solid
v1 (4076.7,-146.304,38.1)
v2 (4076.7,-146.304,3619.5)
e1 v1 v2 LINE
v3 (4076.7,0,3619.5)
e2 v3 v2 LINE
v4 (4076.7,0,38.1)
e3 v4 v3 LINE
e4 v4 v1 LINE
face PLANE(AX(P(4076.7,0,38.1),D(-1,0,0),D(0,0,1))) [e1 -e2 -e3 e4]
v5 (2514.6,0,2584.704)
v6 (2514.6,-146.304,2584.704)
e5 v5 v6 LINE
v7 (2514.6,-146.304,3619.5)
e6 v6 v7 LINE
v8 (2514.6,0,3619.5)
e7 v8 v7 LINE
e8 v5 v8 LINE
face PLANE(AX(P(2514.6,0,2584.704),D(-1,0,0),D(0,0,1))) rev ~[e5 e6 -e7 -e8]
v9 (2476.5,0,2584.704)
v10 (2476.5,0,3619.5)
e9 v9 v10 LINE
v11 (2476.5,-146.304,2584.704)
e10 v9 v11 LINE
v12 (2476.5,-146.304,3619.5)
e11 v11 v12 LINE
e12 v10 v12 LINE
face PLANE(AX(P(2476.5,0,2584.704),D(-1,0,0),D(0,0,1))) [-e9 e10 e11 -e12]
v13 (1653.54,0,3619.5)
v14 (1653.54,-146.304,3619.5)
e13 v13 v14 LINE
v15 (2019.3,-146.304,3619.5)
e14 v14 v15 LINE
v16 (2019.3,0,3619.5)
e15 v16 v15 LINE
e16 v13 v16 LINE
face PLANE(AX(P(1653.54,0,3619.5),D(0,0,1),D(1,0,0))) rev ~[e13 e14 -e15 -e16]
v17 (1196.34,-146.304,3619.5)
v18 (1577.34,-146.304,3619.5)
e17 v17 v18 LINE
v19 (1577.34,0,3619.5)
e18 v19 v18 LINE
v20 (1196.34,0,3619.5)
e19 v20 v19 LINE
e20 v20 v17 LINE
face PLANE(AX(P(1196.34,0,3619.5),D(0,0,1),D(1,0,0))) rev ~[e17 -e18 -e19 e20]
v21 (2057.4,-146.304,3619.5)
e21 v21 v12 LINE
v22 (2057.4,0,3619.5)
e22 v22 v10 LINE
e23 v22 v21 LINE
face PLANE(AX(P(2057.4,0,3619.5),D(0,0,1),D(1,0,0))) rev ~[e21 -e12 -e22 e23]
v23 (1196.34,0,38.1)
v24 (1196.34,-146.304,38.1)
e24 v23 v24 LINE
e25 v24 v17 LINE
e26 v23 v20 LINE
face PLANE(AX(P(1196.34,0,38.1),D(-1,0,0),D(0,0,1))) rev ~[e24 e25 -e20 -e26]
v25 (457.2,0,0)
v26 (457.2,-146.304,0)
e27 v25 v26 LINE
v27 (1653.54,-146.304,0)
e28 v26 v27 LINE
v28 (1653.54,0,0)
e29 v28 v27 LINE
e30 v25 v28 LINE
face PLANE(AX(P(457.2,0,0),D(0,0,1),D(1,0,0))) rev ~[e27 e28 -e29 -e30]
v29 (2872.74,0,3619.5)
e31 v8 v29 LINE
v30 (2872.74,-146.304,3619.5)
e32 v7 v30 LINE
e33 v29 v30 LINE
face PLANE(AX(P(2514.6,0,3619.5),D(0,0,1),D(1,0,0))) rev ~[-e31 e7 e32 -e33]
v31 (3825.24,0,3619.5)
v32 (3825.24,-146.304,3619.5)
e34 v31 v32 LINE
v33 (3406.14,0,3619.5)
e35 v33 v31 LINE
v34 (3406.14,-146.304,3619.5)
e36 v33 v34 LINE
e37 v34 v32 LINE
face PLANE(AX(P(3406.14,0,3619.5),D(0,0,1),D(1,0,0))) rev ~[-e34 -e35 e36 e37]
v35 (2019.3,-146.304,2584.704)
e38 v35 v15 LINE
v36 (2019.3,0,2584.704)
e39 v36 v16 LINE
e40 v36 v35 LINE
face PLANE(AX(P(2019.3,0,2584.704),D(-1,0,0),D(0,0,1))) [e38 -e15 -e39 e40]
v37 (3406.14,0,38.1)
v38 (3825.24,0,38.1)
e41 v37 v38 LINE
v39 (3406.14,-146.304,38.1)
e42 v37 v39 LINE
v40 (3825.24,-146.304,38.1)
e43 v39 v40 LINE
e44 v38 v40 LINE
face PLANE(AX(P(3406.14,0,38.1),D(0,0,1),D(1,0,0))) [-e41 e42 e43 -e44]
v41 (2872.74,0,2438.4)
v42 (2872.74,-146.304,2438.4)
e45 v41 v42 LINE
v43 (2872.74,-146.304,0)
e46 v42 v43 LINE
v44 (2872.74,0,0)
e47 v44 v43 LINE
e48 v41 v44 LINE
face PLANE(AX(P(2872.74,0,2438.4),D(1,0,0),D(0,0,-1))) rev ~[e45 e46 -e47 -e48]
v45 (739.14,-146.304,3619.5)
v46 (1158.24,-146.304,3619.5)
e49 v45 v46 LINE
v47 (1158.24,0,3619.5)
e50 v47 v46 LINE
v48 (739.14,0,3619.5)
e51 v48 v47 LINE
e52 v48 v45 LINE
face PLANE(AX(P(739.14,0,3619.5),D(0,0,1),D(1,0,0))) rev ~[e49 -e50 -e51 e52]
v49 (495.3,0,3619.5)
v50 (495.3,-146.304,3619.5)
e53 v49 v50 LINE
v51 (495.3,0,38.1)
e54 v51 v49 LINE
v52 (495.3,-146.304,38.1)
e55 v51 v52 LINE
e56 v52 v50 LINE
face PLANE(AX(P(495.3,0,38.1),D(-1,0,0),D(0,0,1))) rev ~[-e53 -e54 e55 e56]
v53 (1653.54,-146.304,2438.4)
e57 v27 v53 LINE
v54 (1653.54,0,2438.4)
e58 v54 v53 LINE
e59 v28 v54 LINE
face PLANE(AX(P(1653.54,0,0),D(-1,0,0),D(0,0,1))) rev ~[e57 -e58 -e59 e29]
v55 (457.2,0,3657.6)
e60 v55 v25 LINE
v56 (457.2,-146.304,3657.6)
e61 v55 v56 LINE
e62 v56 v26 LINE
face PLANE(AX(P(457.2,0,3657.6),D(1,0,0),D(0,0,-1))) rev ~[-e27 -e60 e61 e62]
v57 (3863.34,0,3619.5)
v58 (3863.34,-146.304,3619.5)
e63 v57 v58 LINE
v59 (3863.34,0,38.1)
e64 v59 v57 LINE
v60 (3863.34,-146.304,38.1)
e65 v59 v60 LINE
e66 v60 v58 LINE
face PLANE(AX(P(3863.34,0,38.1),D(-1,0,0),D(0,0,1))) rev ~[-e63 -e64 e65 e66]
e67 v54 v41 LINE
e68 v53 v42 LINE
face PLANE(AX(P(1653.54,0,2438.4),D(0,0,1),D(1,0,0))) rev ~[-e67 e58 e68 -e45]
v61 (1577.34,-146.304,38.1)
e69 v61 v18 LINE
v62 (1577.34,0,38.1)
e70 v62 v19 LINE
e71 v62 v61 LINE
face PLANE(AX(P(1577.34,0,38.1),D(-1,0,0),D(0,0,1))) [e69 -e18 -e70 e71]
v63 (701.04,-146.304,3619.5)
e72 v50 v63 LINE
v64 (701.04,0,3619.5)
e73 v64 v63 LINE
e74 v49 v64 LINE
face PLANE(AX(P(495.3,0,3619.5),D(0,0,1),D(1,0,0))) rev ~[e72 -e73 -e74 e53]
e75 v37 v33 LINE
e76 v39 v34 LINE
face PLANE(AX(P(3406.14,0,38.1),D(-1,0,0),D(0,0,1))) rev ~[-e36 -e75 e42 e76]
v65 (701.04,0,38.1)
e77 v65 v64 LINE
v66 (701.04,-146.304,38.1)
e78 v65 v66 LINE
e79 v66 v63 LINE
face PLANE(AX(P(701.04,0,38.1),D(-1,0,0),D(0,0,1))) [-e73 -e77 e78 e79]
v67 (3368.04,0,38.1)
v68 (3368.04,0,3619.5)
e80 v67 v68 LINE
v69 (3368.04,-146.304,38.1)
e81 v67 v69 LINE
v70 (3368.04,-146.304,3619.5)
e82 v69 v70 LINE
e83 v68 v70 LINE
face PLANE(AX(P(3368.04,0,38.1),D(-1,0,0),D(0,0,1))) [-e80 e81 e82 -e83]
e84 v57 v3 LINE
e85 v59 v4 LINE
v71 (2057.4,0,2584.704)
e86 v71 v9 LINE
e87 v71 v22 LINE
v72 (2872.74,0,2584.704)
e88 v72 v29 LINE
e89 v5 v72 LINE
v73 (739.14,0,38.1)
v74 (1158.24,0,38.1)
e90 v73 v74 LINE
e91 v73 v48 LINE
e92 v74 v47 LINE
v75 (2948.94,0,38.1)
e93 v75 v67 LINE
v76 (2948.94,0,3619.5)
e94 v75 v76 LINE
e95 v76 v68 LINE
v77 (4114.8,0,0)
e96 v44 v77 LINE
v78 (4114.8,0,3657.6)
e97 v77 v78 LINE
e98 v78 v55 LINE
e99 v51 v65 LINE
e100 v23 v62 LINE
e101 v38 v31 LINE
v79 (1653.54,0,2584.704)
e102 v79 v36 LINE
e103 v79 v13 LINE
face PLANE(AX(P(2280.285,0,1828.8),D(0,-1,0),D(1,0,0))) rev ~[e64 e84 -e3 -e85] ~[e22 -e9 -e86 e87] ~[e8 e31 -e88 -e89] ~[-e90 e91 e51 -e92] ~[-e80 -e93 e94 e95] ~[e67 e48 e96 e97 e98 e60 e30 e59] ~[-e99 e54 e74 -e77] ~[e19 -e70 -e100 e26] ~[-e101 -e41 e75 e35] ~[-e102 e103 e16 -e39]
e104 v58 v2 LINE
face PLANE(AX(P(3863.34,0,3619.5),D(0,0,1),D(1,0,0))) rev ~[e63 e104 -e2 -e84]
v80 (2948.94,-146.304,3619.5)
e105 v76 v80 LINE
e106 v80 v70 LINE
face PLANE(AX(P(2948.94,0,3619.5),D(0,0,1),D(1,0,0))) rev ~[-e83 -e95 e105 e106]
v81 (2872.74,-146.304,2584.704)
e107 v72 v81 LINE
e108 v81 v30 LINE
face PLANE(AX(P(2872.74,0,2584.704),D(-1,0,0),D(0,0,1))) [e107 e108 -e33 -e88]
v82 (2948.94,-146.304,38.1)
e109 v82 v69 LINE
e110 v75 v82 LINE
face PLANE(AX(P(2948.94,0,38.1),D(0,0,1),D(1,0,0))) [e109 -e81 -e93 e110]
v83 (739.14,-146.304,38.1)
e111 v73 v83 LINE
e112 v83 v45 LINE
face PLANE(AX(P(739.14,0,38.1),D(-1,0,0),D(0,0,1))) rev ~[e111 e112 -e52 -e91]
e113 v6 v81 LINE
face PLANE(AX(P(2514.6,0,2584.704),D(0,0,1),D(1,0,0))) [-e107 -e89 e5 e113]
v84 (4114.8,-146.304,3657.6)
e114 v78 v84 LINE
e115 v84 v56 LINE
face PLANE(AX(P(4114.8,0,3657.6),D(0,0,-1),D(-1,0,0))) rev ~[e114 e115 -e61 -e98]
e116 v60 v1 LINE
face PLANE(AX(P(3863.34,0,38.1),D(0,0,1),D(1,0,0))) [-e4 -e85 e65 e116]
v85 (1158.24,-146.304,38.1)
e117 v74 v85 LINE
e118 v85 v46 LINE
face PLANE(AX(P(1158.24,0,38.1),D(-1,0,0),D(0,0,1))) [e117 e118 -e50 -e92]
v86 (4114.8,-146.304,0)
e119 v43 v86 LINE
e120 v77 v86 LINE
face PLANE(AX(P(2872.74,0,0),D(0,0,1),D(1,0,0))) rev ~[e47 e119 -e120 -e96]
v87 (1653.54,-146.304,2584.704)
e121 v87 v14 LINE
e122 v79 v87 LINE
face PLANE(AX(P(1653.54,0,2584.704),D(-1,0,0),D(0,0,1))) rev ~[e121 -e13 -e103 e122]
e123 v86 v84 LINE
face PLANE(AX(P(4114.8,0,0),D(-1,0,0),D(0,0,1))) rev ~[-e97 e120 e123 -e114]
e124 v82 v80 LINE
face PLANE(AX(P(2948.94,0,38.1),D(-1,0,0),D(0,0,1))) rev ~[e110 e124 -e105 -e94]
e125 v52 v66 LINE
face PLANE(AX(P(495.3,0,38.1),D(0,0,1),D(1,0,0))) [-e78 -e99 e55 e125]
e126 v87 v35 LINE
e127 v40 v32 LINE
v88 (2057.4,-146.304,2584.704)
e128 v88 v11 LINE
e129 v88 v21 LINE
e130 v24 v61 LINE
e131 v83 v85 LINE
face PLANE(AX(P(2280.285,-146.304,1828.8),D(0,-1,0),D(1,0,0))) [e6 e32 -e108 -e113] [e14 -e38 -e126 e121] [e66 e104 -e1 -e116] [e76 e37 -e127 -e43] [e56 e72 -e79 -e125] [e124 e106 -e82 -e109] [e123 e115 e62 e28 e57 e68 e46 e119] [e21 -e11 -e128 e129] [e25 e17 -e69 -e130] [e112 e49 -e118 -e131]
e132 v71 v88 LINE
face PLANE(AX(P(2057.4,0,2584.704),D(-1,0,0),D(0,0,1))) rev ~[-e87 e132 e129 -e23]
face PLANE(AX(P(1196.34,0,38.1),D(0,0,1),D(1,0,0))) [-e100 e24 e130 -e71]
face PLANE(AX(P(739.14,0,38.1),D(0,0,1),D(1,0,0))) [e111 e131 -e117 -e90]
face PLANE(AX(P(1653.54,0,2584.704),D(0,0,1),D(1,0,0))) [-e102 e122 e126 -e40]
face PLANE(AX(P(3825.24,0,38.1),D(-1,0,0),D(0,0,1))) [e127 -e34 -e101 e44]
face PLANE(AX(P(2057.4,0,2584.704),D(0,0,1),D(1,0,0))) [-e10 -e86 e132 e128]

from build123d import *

# Parameters (mm, degrees)
F0_W     = 205.74
F0_H     = 3581.4
F0_W_2   = 419.1
F0_W_3   = 381
F0_W_4   = 365.76
F0_H_2   = 1034.796
F0_W_5   = 213.36
F0_W_6   = 358.14
F1_DEPTH = 146.304


with BuildPart() as f1:
    # F0 (on Front) → F1 (new body)
    with BuildSketch(Plane.XZ):
        Polygon((457.2, 38.1), (457.2, 0), (1653.54, 0), (1653.54, 38.1), (1653.54, 1072.896), (1653.54, 1219.2), (1653.54, 2438.4), (2019.3, 2438.4), (2476.5, 2438.4), (2514.6, 2438.4), (2872.74, 2438.4), (2872.74, 1219.2), (2872.74, 1072.896), (2872.74, 38.1), (2872.74, 0), (4114.8, 0), (4114.8, 38.1), (4114.8, 3619.5), (4114.8, 3657.6), (457.2, 3657.6), (457.2, 3619.5), align=None)
        with Locations((598.17, 1828.8)):
            Rectangle(F0_W, F0_H, mode=Mode.SUBTRACT)
        with Locations((948.69, 1828.8)):
            Rectangle(F0_W_2, F0_H, mode=Mode.SUBTRACT)
        with Locations((1386.84, 1828.8)):
            Rectangle(F0_W_3, F0_H, mode=Mode.SUBTRACT)
        with Locations((1836.42, 3102.102)):
            Rectangle(F0_W_4, F0_H_2, mode=Mode.SUBTRACT)
        with Locations((2266.95, 3102.102)):
            Rectangle(F0_W_2, F0_H_2, mode=Mode.SUBTRACT)
        with Locations((3158.49, 1828.8)):
            Rectangle(F0_W_2, F0_H, mode=Mode.SUBTRACT)
        with Locations((3615.69, 1828.8)):
            Rectangle(F0_W_2, F0_H, mode=Mode.SUBTRACT)
        with Locations((3970.02, 1828.8)):
            Rectangle(F0_W_5, F0_H, mode=Mode.SUBTRACT)
        with Locations((2693.67, 3102.102)):
            Rectangle(F0_W_6, F0_H_2, mode=Mode.SUBTRACT)
    extrude(amount=F1_DEPTH)


solid = f1.part
